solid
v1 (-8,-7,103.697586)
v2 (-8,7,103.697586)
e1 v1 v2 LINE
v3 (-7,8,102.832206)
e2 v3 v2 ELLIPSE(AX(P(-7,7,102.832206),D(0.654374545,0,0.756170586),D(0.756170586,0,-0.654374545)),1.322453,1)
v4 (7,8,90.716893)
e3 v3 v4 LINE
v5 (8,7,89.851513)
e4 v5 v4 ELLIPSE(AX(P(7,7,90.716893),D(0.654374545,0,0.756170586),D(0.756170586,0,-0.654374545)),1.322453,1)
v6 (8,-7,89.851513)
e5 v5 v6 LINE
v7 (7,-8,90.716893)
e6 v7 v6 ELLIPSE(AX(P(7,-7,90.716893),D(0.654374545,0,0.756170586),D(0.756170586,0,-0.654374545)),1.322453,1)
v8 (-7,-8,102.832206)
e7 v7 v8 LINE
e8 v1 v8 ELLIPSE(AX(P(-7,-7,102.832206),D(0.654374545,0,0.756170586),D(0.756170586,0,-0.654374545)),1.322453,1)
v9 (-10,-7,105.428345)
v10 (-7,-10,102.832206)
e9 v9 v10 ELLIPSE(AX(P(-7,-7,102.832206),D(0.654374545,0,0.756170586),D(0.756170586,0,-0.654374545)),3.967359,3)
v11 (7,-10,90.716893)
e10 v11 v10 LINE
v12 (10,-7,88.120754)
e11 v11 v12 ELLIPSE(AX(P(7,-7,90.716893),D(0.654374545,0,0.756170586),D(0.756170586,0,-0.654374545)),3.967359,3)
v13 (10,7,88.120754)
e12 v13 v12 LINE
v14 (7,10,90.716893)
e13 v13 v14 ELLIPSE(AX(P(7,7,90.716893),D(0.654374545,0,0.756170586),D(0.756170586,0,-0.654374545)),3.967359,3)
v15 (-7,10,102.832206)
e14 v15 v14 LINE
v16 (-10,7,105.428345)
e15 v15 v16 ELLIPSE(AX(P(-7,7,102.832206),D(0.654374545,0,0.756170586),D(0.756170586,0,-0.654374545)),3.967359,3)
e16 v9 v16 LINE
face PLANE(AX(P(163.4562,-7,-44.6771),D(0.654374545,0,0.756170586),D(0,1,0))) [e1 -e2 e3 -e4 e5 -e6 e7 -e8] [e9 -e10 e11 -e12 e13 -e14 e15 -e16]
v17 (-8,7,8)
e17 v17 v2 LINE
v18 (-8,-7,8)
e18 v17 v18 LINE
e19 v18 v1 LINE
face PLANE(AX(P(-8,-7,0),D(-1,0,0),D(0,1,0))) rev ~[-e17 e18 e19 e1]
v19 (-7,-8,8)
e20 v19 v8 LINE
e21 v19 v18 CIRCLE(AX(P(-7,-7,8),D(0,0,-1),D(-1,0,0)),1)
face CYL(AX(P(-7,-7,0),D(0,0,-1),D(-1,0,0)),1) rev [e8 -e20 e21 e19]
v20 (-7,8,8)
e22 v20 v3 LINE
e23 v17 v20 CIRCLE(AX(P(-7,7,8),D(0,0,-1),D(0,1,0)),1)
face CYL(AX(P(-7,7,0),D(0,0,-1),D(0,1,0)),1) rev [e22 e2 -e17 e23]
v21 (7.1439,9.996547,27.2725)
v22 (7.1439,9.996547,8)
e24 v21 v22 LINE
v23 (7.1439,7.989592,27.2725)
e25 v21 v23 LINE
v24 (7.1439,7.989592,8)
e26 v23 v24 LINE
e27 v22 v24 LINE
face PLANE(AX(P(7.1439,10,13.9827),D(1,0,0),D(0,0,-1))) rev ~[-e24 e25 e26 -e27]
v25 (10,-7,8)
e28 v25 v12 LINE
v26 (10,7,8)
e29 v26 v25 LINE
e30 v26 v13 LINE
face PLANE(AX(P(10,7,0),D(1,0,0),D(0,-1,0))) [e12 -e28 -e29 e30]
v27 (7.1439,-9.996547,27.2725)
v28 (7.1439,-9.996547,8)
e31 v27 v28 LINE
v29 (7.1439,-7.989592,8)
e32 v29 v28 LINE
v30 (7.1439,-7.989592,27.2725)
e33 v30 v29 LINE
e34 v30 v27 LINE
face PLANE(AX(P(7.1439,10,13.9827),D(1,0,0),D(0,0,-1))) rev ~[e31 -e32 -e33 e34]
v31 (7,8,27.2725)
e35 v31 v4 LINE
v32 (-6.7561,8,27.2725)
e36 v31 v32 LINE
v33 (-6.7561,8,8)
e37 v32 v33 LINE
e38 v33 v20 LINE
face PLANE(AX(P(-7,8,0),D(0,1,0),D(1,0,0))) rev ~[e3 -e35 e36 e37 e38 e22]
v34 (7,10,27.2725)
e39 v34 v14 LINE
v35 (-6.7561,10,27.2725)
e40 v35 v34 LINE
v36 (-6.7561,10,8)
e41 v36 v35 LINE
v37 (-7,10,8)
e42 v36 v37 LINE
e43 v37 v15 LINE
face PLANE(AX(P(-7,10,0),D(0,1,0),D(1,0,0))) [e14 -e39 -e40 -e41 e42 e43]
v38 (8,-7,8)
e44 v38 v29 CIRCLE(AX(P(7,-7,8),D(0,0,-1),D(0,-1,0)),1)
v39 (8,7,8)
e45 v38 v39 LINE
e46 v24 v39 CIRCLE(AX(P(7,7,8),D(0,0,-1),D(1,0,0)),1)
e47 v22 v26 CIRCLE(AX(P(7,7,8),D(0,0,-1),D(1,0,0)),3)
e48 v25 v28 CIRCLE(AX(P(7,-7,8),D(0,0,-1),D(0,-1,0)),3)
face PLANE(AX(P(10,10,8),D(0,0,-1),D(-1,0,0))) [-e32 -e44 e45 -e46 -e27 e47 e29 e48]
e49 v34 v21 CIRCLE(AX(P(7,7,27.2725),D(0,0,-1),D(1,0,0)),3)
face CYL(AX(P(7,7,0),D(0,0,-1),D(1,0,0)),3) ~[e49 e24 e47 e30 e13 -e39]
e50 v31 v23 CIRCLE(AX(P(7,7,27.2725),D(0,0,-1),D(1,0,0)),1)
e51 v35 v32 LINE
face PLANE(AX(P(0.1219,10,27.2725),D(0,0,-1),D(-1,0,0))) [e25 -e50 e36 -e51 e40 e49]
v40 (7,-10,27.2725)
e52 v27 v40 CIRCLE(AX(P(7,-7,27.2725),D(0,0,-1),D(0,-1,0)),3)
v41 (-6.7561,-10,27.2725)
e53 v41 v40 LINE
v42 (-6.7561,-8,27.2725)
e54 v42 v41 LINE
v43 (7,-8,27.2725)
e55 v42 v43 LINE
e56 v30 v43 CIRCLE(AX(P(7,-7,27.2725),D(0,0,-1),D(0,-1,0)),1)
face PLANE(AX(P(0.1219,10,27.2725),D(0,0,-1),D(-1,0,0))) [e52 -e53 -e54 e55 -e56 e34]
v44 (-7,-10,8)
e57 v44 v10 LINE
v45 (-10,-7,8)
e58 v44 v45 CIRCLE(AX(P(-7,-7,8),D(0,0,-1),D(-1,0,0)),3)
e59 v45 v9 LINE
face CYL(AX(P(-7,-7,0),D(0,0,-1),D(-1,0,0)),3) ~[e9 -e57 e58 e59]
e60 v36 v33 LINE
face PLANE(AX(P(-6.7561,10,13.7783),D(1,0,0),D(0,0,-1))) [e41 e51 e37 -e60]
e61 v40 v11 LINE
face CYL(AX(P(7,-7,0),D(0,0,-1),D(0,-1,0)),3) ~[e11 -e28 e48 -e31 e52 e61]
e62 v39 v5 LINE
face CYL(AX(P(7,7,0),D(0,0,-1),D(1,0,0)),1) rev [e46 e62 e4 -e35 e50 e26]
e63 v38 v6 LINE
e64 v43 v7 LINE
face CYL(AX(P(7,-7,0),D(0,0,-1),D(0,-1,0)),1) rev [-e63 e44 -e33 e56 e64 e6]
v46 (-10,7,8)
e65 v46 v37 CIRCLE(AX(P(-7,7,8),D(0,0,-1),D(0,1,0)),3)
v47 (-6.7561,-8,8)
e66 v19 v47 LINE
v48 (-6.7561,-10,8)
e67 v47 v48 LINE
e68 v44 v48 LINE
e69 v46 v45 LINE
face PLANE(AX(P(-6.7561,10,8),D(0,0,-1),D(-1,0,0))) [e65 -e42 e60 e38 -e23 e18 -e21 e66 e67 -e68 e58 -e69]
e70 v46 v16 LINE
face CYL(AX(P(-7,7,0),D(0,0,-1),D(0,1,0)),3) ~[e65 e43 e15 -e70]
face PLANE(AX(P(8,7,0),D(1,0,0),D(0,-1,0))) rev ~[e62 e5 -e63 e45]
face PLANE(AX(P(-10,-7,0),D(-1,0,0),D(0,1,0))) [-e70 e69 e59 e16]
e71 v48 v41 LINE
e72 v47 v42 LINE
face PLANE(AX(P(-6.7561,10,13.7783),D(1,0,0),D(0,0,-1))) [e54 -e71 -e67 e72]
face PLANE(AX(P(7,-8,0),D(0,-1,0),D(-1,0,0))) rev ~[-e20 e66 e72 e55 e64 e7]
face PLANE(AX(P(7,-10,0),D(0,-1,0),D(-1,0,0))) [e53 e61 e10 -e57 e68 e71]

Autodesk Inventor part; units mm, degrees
ref_plane "Start Plane" through (0, 0, 0) normal (0, 0, 1) x (1, 0, 0)
ref_plane "End Plane" through (0, 0, 105.4293) normal (0, 0, 1) x (1, 0, 0)
sketch "Sketch" plane through (0, 0, 0) normal (0, 0, 1) x (1, 0, 0)
  line L0 (-10, -7) -> (-10, 7)
  line L1 (-7, 10) -> (7, 10)
  line L2 (10, 7) -> (10, -7)
  line L3 (7, -10) -> (-7, -10)
  arc A0 (-10, -7) -> (-7, -10) centre (-7, -7) ccw
  arc A1 (-7, 10) -> (-10, 7) centre (-7, 7) ccw
  arc A2 (10, 7) -> (7, 10) centre (7, 7) ccw
  arc A3 (7, -10) -> (10, -7) centre (7, -7) ccw
  arc A4 (-7, 8) -> (-8, 7) centre (-7, 7) ccw
  line L4 (-7, 8) -> (7, 8)
  arc A5 (8, 7) -> (7, 8) centre (7, 7) ccw
  line L5 (8, 7) -> (8, -7)
  arc A6 (7, -8) -> (8, -7) centre (7, -7) ccw
  line L6 (7, -8) -> (-7, -8)
  arc A7 (-8, -7) -> (-7, -8) centre (-7, -7) ccw
  line L7 (-8, -7) -> (-8, 7)
  line L8 (0, 14.8698) -> (0, -14.8698) construction
  line L9 (-14.8698, 0) -> (14.8698, 0) construction
  dimension "d7" = 3
  dimension "d10" = 20
  dimension "d11" = 20
  dimension "d12" = 2
  dimension "d15" = 10
  dimension "d16" = 10
extrude "Body" add sketch "Sketch" along normal up to surface (105.4293 mm away) from surface at 0
sketch "Sketch3" plane through (0, 0, 0) normal (0, 0, 1) x (1, 0, 0)
  line L0 (0, 0) -> (10, 0)
ref_plane "Work Plane3" through (0, 0, 0) normal (0, -1, 0) x (1, 0, 0)
sketch "Sketch4" plane through (0, 0, 0) normal (0, -1, 0) x (1, 0, 0)
  line L0 (-2, 0) -> (12, 0)
  line L1 (-2, 105.4293) -> (12, 105.4293)
  dimension "d18" = 105.4293
ref_plane "Work Plane4" through (163.4562, -7, -44.6771) normal (0.6544, 0, 0.7562) x (0.7562, 0, -0.6544)
split "Split1" plane through (163.4562, -7, -44.6771) removes the side toward (0.6544, 0, 0.7562)
sketch "Sketch9" plane through (-7, 10, 0) normal (0, 1, 0) x (1, 0, 0)
  line L0 (0, -102.8331) -> (-3, -105.4293) projected
  line L1 (-3, 0) -> (-3, -105.4293) projected
  line L2 (0, -102.8331) -> (14, -90.7177) projected
  line L3 (17, -88.1216) -> (14, -90.7177) projected
  line L4 (17, 0) -> (17, -88.1216) projected
  line L5 (0, 0) -> (14, 0) projected
  line L6 (0, 0) -> (-3, 0) projected
  line L7 (17, 0) -> (14, 0) projected
  line L8 (0.3719, -13.6065) -> (0.3719, -23.9385) projected
  line L9 (13.8719, -23.9385) -> (13.8719, -13.6065) projected
  circle A0 centre (7.1219, -18.7725) radius 8.5 projected
  line L10 (14.1439, -13.9827) -> (14.1439, -23.5624)
  line L11 (0.2439, -23.7668) -> (0.2439, -13.7783)
  line L12 (14.1439, -13.9827) -> (14.1439, 0)
  line L13 (0.2439, -13.7783) -> (0.2439, 0)
  line L14 (17, 0) -> (17, -88.1216) projected
  line L15 (17, -67.4293) -> (-3, -67.4293)
  line L16 (-3, 0) -> (-3, -105.4293) projected
  line L17 (17, -86.1216) -> (-3, -86.1216)
  line L18 (14.1439, -23.5624) -> (14.1439, -27.2725)
  line L19 (14.1439, -27.2725) -> (0.2439, -27.2725)
  line L20 (0.2439, -27.2725) -> (0.2439, -23.7668)
  line L21 (17, -8) -> (-3, -8)
  point P0 (7, 0)
  point P1 (7.117, -27.2725)
  point P2 (14.1439, -7.7933)
  point P3 (17, -67.4293)
  point P4 (-3, -67.4293)
  point P5 (0.2439, -7.7933)
  point P6 (7.1219, -27.2725)
  point P7 (0.2439, -8)
  point P8 (14.1439, -8)
  point P9 (14.1439, -8)
  point P10 (0.2439, -8)
  dimension "d44" = 13.5
  dimension "d45" = 13.9
  dimension "d47" = 2
  dimension "d49" = 38
  dimension "d53" = 8
extrude "Extrusion8" cut sketch "Sketch9" against normal through all contours L1 L6 L5 L13 L21 | L21 L12 A0 L13 | L13 L5 L7 L12 L21 | L21 L12 L7 L4 | A0 L8 L11 | A0 L9 L8 | A0 L19 L20 | L10 A0 L9 | L18 L19 A0
equation "\"d7\" = G_IR"
equation "\"d10\" = G_H"
equation "\"d11\" = G_W"
equation "\"d12\" = G_T"
equation "\"d15\" = 0.5 * d10"
equation "\"d16\" = 0.5 * d11"
equation "\"d3\" = G_L"
equation "\"G_W\" = 20"
equation "\"G_H\" = 20"
equation "\"G_T\" = 2"
equation "\"G_IR\" = 3"
equation "\"G_L\" = d18"
equation "\"G_OFFSET_START\" = 0"
equation "\"G_OFFSET_END\" = -4.57072"
equation "\"d14\" = G_OFFSET_END + B_L"
equation "\"B_L\" = 110"
properties part number "ISO 12633-2 - 20x20x2 - 105,43" material "Steel, Mild"
